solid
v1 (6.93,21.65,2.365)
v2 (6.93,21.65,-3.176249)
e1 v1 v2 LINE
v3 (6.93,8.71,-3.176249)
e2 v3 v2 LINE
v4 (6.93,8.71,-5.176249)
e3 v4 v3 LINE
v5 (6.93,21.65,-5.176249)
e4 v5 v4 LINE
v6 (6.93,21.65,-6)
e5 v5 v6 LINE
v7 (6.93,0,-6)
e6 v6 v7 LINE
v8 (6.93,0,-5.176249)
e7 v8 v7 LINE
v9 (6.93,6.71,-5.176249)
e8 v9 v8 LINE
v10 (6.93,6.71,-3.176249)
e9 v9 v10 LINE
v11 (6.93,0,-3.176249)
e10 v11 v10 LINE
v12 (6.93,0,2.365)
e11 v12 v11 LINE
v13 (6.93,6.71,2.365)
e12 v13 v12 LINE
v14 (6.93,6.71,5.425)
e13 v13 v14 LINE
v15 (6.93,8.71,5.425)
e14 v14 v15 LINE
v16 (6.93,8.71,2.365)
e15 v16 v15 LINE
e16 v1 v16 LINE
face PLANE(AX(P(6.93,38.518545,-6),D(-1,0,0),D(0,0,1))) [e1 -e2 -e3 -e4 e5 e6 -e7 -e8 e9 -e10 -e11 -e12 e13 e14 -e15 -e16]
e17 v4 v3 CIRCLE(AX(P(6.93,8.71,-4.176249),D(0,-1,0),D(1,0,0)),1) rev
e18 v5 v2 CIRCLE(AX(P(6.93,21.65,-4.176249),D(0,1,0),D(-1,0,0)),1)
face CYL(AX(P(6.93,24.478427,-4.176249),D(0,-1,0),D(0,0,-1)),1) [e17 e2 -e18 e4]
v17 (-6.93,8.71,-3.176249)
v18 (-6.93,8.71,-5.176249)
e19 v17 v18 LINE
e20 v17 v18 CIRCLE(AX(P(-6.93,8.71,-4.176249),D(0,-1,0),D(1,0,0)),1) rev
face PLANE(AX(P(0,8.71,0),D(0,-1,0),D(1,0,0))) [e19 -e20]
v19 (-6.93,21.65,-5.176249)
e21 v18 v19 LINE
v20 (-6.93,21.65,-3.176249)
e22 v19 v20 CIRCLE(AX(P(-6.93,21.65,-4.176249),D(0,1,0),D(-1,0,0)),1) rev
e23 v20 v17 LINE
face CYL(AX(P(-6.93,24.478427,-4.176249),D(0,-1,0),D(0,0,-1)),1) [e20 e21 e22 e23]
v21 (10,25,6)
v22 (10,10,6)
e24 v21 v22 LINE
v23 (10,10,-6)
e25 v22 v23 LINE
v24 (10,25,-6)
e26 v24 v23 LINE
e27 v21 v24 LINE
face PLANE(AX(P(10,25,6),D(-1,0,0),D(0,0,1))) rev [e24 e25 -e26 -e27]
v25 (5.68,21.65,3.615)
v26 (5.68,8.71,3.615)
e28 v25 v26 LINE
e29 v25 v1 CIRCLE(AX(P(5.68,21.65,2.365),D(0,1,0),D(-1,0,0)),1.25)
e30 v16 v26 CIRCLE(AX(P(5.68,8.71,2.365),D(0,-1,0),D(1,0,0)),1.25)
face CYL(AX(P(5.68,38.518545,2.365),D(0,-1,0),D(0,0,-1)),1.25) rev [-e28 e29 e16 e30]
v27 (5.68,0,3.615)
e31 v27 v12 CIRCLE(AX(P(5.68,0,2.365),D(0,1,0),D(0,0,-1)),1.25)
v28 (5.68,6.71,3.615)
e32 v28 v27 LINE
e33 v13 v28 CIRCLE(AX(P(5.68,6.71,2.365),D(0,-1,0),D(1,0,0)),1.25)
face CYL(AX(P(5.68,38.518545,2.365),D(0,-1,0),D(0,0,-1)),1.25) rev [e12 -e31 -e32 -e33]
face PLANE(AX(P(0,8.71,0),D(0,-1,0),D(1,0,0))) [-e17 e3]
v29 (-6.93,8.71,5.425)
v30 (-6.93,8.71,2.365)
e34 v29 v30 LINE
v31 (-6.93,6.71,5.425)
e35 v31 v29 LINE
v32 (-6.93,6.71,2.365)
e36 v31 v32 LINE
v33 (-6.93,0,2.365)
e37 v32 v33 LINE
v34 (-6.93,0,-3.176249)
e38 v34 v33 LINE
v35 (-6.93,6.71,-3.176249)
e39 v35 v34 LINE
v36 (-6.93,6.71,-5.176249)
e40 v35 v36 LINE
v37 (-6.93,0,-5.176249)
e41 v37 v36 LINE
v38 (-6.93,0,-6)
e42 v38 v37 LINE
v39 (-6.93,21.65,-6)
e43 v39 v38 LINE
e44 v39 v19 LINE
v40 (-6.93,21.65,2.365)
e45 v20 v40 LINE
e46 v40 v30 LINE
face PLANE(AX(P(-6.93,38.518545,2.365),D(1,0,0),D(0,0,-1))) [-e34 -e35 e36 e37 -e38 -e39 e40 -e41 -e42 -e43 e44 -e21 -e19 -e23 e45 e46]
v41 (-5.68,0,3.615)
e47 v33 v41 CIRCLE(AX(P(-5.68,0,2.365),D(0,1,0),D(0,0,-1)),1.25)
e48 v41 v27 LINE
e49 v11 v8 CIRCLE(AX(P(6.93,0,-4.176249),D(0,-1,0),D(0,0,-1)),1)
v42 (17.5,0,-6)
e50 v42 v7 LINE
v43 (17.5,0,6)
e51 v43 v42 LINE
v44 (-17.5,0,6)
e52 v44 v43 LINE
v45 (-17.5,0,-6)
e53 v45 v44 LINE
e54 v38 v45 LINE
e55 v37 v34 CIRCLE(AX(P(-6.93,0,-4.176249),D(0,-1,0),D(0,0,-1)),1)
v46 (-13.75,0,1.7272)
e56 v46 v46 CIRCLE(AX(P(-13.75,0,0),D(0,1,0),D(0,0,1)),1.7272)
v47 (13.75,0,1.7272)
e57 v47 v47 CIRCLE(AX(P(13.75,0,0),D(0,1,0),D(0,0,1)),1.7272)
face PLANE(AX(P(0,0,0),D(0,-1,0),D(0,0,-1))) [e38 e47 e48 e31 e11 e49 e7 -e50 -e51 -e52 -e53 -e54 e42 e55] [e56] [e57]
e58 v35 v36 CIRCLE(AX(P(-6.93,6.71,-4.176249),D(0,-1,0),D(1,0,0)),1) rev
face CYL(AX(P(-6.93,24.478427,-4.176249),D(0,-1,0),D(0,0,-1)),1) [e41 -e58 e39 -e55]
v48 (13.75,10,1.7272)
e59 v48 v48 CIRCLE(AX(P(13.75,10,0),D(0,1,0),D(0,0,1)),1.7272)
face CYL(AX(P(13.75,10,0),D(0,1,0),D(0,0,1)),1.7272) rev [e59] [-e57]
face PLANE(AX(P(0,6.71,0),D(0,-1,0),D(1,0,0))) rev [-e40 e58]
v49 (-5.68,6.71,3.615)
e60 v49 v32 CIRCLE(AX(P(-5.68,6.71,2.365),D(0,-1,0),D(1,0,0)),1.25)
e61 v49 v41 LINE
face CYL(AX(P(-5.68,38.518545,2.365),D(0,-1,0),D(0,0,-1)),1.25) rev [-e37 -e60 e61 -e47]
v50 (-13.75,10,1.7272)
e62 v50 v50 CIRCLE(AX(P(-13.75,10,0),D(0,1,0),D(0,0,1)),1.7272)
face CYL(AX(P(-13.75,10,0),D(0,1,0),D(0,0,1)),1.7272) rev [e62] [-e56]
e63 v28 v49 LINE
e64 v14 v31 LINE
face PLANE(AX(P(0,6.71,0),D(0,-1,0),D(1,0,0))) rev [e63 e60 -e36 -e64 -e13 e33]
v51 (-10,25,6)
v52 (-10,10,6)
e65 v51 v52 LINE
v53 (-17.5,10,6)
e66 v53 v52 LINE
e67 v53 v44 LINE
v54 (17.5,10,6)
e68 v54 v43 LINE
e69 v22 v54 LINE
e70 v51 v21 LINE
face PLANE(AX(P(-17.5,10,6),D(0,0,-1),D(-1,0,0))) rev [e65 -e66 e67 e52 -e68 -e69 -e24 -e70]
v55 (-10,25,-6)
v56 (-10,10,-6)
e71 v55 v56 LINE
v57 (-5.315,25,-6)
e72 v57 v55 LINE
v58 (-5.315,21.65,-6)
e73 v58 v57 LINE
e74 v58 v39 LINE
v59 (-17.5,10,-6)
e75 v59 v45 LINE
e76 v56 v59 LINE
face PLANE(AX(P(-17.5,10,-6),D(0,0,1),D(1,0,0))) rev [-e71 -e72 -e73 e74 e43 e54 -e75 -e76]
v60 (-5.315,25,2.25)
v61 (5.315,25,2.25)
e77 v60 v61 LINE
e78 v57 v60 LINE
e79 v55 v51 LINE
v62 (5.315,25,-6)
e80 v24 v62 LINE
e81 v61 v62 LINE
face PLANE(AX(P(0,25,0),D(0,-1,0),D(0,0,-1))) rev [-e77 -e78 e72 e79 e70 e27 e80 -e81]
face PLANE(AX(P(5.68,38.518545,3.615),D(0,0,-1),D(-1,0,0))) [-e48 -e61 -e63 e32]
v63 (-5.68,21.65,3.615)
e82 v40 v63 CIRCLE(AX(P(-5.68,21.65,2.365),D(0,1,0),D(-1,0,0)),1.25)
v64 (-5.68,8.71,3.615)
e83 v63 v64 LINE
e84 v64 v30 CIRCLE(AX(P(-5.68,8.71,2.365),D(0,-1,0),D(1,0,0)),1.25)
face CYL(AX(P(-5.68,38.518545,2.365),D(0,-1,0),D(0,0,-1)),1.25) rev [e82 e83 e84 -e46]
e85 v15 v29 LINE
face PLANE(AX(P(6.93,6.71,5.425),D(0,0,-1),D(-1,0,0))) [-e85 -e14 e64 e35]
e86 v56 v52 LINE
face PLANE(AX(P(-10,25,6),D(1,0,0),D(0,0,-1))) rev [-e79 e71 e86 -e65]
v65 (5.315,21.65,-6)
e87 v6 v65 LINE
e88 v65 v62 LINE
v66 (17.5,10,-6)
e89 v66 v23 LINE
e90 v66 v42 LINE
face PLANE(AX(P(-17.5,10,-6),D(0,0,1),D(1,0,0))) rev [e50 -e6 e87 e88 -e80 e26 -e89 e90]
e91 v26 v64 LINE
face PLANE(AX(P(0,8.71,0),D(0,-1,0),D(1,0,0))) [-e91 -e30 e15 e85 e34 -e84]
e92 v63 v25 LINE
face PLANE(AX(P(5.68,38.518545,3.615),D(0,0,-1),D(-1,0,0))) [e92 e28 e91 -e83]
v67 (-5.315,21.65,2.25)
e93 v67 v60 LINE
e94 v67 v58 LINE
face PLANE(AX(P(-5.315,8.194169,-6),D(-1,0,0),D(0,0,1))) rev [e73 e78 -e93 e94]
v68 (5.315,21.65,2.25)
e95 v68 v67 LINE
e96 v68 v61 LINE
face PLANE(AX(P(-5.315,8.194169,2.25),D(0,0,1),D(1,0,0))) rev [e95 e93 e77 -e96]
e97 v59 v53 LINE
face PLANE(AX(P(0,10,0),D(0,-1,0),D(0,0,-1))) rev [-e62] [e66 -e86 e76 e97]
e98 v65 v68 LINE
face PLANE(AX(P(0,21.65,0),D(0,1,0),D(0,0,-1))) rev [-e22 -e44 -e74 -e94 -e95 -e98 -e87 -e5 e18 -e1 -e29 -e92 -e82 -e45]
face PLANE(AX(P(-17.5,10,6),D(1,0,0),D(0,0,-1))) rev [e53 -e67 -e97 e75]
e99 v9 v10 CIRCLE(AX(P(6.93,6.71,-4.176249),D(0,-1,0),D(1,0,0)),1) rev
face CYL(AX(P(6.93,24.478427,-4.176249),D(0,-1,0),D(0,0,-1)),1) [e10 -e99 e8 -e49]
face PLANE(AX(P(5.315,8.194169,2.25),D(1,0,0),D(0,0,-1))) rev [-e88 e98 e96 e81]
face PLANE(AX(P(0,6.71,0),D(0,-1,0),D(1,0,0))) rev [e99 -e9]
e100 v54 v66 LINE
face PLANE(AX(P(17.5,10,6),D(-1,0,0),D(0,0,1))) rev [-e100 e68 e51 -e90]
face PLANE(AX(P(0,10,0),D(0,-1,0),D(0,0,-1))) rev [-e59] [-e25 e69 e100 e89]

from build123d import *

# Parameters (mm, degrees)
SKETCH1_W                 = 35
SKETCH1_H                 = 12
BOSS_EXTRUDE1_DEPTH       = 10
SKETCH2_W                 = 20
SKETCH2_H                 = 12
BOSS_EXTRUDE2_DEPTH       = 25
CUT_EXTRUDE1_DEPTH        = 21.65
SKETCH6_W                 = 10.63
SKETCH6_H                 = 8.25
CUT_EXTRUDE2_DEPTH        = 3.35
SKETCH8_R                 = 1
BOSS_EXTRUDE3_DEPTH       = 21.65
CUT_EXTRUDE3_DEPTH        = 0.5
CUT_EXTRUDE3_DEPTH_BACK   = 1.5
SKETCH9_W                 = 13.86
SKETCH9_H                 = 10.85
TAP_DRILL_FOR_8_32_TAP1_D = 3.4544


with BuildPart() as part:
    # Sketch1 → Boss-Extrude1 (new body)
    with BuildSketch(Plane(origin=(0, 0, 0), x_dir=(1, 0, 0), z_dir=(0, 1, 0))):
        Rectangle(SKETCH1_W, SKETCH1_H)
    extrude(amount=BOSS_EXTRUDE1_DEPTH)

    # Sketch2 → Boss-Extrude2 (add)
    with BuildSketch(Plane(origin=(0, 0, 0), x_dir=(1, 0, 0), z_dir=(0, 1, 0))):
        Rectangle(SKETCH2_W, SKETCH2_H)
    extrude(amount=BOSS_EXTRUDE2_DEPTH)

    # Sketch5 → Cut-Extrude1 (cut)
    with BuildSketch(Plane(origin=(0, 0, 0), x_dir=(1, 0, 0), z_dir=(0, 1, 0))):
        with BuildLine():
            Line((6.93, 6), (6.93, -2.365))
            ThreePointArc((6.93, -2.365), (6.563883476, -3.248883476), (5.68, -3.615))
            Line((5.68, -3.615), (-5.68, -3.615))
            ThreePointArc((-5.68, -3.615), (-6.563883476, -3.248883476), (-6.93, -2.365))
            Line((-6.93, -2.365), (-6.93, 6))
            Line((-6.93, 6), (6.93, 6))
        make_face()
    extrude(amount=CUT_EXTRUDE1_DEPTH, mode=Mode.SUBTRACT)

    # Sketch6 → Cut-Extrude2 (cut)
    with BuildSketch(Plane(origin=(0, 25, 0), x_dir=(1, 0, 0), z_dir=(0, 1, 0))):
        with Locations((0, 1.875)):
            Rectangle(SKETCH6_W, SKETCH6_H)
    extrude(amount=-CUT_EXTRUDE2_DEPTH, mode=Mode.SUBTRACT)

    # Sketch8 → Boss-Extrude3 (add)
    with BuildSketch(Plane.XZ):
        with Locations((-6.93, -4.1762495)):
            Circle(SKETCH8_R)
        with Locations((6.93, -4.1762495)):
            Circle(SKETCH8_R)
    extrude(amount=-BOSS_EXTRUDE3_DEPTH)

    # Sketch9 → Cut-Extrude3 (cut, two sides: drawn at the far end of the back side and taken through both)
    with BuildSketch(Plane.XZ.offset(-7.21).offset(-CUT_EXTRUDE3_DEPTH_BACK)):
        Rectangle(SKETCH9_W, SKETCH9_H)
    extrude(amount=CUT_EXTRUDE3_DEPTH + CUT_EXTRUDE3_DEPTH_BACK, mode=Mode.SUBTRACT)

    # Tap Drill for #8-32 Tap1 (through all)
    with Locations(Plane(origin=(0, 10, 0), x_dir=(1, 0, 0), z_dir=(0, 1, 0))):
        with Locations((-13.75, 0), (13.75, 0)):
            Hole(TAP_DRILL_FOR_8_32_TAP1_D / 2)


solid = part.part
